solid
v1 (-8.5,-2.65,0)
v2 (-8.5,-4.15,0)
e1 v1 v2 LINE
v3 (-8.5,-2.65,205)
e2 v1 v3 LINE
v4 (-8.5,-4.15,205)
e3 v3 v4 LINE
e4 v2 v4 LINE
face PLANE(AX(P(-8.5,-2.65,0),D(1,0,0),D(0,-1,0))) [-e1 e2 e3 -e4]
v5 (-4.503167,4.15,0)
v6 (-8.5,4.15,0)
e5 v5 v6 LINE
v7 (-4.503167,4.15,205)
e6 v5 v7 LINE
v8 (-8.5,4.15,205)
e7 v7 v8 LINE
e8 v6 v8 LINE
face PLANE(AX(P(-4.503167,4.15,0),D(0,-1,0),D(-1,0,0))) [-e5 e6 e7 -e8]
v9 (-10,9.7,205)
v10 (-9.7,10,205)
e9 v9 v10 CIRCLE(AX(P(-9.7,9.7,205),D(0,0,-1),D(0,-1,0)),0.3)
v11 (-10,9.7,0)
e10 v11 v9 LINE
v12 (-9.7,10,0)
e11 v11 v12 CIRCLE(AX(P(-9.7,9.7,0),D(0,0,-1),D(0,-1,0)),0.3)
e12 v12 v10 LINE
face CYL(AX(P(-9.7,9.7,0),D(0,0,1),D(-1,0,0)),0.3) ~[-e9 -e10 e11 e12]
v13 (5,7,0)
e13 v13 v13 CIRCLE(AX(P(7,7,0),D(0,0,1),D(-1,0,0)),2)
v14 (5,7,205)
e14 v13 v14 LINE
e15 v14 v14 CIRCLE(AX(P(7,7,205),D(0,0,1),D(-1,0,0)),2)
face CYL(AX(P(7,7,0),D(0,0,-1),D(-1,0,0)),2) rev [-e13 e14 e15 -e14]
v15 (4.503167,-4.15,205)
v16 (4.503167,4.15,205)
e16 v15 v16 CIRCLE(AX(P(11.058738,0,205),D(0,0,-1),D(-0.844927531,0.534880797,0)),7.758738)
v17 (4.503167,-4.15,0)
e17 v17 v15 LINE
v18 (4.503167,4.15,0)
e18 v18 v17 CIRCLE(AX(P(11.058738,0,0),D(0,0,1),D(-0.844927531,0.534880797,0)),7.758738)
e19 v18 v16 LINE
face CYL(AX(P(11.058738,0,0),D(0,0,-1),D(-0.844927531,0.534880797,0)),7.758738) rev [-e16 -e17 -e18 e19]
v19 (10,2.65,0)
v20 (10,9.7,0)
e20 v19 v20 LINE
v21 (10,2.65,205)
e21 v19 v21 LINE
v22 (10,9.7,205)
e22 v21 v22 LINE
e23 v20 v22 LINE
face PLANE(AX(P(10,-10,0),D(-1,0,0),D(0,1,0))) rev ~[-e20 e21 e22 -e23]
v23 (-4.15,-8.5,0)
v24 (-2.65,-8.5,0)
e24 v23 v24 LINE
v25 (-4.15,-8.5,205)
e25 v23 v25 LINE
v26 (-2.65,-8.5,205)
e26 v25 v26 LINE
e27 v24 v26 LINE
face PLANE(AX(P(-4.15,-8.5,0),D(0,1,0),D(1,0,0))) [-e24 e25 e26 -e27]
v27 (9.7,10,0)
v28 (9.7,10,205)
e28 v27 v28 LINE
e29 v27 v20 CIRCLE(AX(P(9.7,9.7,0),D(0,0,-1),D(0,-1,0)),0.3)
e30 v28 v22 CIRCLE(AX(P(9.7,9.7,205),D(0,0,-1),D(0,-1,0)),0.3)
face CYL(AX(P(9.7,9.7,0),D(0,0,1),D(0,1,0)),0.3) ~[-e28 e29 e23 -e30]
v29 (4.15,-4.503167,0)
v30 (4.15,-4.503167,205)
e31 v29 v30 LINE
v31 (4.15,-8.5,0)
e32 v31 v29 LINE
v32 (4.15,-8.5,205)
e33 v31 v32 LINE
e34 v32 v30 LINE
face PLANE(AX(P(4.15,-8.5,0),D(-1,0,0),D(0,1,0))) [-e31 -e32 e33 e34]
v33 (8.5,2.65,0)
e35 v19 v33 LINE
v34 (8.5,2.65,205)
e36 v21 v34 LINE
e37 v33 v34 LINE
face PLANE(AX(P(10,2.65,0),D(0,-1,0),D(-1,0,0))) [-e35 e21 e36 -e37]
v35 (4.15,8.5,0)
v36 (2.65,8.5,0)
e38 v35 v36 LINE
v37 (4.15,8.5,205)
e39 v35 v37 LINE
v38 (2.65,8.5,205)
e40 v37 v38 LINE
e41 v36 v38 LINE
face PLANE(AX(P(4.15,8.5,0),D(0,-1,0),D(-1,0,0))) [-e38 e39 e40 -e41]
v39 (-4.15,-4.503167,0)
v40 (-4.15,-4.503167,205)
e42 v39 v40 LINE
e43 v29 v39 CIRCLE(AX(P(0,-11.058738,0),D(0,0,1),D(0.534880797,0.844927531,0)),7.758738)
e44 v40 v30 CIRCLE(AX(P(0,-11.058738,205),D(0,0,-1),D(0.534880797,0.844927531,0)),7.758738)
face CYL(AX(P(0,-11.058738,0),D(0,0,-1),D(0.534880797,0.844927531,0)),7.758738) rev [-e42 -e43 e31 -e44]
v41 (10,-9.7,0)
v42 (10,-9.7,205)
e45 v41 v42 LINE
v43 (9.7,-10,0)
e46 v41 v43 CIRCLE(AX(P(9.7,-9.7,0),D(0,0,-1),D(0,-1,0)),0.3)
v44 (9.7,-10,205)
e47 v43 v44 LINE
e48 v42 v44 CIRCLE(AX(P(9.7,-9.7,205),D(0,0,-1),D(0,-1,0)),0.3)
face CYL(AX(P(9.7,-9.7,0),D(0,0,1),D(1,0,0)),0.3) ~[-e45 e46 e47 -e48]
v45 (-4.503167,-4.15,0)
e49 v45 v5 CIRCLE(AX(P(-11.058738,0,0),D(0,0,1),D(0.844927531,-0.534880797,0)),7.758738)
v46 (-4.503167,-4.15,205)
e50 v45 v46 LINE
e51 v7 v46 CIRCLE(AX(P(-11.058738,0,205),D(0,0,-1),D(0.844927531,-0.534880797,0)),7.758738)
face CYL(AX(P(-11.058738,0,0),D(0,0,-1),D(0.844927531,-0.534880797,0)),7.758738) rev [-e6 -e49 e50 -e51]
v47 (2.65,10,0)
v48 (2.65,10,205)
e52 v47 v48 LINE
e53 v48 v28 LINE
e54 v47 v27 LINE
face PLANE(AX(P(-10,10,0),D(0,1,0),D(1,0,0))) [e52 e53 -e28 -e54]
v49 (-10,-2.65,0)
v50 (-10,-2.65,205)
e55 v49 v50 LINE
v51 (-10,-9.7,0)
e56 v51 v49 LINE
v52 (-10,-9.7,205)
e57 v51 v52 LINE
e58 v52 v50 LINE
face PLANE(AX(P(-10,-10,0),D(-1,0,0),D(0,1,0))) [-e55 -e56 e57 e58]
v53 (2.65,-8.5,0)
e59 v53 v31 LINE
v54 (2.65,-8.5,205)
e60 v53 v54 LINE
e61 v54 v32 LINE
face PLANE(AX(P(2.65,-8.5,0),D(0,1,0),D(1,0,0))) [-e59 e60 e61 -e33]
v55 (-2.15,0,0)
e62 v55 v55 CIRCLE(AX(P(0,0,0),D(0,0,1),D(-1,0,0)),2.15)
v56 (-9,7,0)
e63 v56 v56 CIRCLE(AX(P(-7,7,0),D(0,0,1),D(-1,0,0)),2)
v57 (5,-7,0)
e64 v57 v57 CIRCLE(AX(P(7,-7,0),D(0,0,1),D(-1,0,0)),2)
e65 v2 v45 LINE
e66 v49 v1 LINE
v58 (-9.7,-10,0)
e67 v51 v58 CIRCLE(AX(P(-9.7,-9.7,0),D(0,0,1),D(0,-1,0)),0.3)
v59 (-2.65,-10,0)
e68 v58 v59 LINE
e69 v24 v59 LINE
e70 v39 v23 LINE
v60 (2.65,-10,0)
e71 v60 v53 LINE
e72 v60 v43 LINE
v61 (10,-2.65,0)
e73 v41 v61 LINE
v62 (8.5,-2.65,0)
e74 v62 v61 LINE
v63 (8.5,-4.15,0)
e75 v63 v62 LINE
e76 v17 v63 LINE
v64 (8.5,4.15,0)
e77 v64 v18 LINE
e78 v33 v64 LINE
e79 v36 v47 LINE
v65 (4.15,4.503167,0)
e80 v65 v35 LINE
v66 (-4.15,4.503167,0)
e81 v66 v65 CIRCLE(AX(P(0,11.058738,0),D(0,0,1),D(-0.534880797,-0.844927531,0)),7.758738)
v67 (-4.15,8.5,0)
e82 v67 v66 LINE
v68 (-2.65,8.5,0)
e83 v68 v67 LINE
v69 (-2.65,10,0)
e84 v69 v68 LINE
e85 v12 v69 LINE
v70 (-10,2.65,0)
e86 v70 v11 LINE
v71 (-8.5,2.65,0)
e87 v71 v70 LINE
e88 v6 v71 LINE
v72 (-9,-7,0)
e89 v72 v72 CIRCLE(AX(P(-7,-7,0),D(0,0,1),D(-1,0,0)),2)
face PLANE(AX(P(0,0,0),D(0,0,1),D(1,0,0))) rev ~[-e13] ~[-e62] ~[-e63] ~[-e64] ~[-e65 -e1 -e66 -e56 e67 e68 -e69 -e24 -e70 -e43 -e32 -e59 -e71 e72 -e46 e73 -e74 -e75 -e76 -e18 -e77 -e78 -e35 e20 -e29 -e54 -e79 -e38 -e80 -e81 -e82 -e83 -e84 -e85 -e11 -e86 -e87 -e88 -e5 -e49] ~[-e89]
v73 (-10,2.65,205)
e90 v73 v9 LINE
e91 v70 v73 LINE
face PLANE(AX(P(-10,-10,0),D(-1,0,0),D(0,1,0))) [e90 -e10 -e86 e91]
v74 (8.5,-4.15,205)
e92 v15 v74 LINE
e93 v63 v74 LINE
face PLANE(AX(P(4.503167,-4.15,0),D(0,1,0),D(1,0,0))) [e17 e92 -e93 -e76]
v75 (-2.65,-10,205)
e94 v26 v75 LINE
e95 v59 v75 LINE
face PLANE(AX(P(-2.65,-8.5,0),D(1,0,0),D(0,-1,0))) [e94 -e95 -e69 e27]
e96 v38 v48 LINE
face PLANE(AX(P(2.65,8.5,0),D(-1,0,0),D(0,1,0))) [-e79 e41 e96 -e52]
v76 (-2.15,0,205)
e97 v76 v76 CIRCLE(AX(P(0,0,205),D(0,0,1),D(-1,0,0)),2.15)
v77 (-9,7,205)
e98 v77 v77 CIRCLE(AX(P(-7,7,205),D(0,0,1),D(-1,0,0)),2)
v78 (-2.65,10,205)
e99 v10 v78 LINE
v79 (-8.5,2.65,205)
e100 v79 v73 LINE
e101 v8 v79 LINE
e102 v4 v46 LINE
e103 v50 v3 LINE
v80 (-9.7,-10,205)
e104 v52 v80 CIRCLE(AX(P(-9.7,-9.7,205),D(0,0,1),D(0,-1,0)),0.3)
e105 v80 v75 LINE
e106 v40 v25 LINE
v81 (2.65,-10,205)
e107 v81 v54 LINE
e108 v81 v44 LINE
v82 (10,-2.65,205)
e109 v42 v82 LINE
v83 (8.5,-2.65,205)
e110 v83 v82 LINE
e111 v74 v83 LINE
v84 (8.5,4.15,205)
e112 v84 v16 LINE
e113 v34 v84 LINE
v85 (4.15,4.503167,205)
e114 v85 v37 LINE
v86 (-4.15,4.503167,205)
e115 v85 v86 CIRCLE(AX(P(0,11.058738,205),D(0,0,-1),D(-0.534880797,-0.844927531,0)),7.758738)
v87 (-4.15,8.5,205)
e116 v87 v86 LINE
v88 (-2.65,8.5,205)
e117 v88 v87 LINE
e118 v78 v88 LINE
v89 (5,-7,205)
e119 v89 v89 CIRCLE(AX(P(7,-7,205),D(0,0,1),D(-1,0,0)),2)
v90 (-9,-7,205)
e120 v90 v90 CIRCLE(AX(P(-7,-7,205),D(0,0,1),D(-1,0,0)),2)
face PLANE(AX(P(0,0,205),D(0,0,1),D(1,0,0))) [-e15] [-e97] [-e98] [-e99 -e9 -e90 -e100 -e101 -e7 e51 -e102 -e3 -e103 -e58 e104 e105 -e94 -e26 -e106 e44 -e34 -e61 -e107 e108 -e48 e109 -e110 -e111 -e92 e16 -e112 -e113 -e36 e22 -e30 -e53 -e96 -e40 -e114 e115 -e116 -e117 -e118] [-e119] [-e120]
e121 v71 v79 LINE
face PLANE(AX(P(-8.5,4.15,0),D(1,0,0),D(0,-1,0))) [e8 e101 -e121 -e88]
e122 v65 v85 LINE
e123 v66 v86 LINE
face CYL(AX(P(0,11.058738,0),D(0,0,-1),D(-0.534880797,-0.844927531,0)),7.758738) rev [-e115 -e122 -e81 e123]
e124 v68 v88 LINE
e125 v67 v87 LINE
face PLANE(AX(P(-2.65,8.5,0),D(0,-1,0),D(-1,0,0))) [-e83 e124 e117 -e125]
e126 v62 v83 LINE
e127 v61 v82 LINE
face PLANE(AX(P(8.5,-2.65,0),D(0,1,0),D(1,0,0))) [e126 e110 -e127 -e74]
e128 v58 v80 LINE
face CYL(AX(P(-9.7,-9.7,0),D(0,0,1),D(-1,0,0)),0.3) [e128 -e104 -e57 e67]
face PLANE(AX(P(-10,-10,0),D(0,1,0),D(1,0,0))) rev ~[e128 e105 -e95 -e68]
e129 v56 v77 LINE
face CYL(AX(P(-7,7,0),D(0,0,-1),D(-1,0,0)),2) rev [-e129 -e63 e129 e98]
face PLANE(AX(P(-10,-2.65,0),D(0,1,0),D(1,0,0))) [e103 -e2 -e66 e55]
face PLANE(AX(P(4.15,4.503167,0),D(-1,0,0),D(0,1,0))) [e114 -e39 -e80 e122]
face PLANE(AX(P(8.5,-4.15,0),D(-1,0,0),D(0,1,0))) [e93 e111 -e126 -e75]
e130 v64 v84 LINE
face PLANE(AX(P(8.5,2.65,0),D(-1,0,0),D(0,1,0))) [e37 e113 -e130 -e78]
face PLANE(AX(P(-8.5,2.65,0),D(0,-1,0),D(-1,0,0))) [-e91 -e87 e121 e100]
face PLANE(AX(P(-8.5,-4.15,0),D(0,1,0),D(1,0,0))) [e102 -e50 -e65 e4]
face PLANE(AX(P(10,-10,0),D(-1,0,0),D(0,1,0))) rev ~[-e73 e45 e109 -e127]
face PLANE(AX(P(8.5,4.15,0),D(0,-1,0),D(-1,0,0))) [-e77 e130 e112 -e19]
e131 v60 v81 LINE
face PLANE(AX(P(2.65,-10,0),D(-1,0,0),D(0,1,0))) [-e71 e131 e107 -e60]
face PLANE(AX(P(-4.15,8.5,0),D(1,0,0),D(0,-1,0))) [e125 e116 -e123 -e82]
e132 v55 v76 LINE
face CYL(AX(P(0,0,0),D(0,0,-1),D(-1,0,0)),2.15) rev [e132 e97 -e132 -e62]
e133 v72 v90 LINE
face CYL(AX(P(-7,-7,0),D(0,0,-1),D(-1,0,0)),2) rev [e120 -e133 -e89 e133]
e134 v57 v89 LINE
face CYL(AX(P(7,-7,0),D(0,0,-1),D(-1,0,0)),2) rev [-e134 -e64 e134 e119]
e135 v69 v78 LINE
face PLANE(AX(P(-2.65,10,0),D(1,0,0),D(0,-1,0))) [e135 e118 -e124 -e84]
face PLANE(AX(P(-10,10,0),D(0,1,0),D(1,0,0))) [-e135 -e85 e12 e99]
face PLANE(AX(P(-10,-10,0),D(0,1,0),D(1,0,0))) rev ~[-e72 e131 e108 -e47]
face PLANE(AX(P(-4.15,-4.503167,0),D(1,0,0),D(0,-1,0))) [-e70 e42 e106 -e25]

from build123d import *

# Parameters (mm, degrees)
SKETCH_1_W               = 20
SKETCH_1_H               = 20
SKETCH_1_R               = 2
SKETCH_1_R_2             = 2.15
EXTRUDE_1_DEPTH          = 205
CUT_EXTRUDE_1_REACH      = 207.487
PATTERN_CIRCULAR_1_COUNT = 4
FILLET_1_R               = 0.3


with BuildPart() as part:
    # 스케치1 → 보스-돌출1 (new body)
    with BuildSketch(Plane.XY):
        Rectangle(SKETCH_1_W, SKETCH_1_H)
        with Locations((-7, -7)):
            Circle(SKETCH_1_R, mode=Mode.SUBTRACT)
        with Locations((7, -7)):
            Circle(SKETCH_1_R, mode=Mode.SUBTRACT)
        with Locations((-7, 7)):
            Circle(SKETCH_1_R, mode=Mode.SUBTRACT)
        Circle(SKETCH_1_R_2, mode=Mode.SUBTRACT)
        with Locations((7, 7)):
            Circle(SKETCH_1_R, mode=Mode.SUBTRACT)
    extrude(amount=EXTRUDE_1_DEPTH)

    # 스케치1<3> → 컷-돌출1 (cut, up to next)
    with BuildSketch(Plane.XY, mode=Mode.PRIVATE) as cut_extrude_1_sk1:
        with BuildLine():
            Line((-8.5, 2.65), (-10, 2.65))
            Line((-10, 2.65), (-10, -2.65))
            Line((-10, -2.65), (-8.5, -2.65))
            Line((-8.5, -2.65), (-8.5, -4.15))
            Line((-8.5, -4.15), (-4.503166667, -4.15))
            ThreePointArc((-4.503166667, -4.15), (-3.3, 0), (-4.503166667, 4.15))
            Line((-4.503166667, 4.15), (-8.5, 4.15))
            Line((-8.5, 4.15), (-8.5, 2.65))
        make_face()
    cut_extrude_1_tool1 = extrude(cut_extrude_1_sk1.sketch, amount=CUT_EXTRUDE_1_REACH, mode=Mode.PRIVATE) & part.part
    cut_extrude_1 = cut_extrude_1_tool1.solids().sort_by_distance((-6.606913, 0, 0))[0]
    add(cut_extrude_1, mode=Mode.SUBTRACT)

    # 원형 패턴1: 컷-돌출1 ×4 about axis
    pattern_circular_1_axis = Axis((0, 0, 205), (0, 0, -1))
    for i in range(1, PATTERN_CIRCULAR_1_COUNT):
        add(cut_extrude_1.rotate(pattern_circular_1_axis, i * 360 / PATTERN_CIRCULAR_1_COUNT), mode=Mode.SUBTRACT)

    # 필렛1
    fillet_1_edges = [part.edges().sort_by_distance(p)[0] for p in [
        (10, -10, 102.5),
        (-10, -10, 102.5),
        (-10, 10, 102.5),
        (10, 10, 102.5),
    ]]
    fillet(fillet_1_edges, radius=FILLET_1_R)


solid = part.part
